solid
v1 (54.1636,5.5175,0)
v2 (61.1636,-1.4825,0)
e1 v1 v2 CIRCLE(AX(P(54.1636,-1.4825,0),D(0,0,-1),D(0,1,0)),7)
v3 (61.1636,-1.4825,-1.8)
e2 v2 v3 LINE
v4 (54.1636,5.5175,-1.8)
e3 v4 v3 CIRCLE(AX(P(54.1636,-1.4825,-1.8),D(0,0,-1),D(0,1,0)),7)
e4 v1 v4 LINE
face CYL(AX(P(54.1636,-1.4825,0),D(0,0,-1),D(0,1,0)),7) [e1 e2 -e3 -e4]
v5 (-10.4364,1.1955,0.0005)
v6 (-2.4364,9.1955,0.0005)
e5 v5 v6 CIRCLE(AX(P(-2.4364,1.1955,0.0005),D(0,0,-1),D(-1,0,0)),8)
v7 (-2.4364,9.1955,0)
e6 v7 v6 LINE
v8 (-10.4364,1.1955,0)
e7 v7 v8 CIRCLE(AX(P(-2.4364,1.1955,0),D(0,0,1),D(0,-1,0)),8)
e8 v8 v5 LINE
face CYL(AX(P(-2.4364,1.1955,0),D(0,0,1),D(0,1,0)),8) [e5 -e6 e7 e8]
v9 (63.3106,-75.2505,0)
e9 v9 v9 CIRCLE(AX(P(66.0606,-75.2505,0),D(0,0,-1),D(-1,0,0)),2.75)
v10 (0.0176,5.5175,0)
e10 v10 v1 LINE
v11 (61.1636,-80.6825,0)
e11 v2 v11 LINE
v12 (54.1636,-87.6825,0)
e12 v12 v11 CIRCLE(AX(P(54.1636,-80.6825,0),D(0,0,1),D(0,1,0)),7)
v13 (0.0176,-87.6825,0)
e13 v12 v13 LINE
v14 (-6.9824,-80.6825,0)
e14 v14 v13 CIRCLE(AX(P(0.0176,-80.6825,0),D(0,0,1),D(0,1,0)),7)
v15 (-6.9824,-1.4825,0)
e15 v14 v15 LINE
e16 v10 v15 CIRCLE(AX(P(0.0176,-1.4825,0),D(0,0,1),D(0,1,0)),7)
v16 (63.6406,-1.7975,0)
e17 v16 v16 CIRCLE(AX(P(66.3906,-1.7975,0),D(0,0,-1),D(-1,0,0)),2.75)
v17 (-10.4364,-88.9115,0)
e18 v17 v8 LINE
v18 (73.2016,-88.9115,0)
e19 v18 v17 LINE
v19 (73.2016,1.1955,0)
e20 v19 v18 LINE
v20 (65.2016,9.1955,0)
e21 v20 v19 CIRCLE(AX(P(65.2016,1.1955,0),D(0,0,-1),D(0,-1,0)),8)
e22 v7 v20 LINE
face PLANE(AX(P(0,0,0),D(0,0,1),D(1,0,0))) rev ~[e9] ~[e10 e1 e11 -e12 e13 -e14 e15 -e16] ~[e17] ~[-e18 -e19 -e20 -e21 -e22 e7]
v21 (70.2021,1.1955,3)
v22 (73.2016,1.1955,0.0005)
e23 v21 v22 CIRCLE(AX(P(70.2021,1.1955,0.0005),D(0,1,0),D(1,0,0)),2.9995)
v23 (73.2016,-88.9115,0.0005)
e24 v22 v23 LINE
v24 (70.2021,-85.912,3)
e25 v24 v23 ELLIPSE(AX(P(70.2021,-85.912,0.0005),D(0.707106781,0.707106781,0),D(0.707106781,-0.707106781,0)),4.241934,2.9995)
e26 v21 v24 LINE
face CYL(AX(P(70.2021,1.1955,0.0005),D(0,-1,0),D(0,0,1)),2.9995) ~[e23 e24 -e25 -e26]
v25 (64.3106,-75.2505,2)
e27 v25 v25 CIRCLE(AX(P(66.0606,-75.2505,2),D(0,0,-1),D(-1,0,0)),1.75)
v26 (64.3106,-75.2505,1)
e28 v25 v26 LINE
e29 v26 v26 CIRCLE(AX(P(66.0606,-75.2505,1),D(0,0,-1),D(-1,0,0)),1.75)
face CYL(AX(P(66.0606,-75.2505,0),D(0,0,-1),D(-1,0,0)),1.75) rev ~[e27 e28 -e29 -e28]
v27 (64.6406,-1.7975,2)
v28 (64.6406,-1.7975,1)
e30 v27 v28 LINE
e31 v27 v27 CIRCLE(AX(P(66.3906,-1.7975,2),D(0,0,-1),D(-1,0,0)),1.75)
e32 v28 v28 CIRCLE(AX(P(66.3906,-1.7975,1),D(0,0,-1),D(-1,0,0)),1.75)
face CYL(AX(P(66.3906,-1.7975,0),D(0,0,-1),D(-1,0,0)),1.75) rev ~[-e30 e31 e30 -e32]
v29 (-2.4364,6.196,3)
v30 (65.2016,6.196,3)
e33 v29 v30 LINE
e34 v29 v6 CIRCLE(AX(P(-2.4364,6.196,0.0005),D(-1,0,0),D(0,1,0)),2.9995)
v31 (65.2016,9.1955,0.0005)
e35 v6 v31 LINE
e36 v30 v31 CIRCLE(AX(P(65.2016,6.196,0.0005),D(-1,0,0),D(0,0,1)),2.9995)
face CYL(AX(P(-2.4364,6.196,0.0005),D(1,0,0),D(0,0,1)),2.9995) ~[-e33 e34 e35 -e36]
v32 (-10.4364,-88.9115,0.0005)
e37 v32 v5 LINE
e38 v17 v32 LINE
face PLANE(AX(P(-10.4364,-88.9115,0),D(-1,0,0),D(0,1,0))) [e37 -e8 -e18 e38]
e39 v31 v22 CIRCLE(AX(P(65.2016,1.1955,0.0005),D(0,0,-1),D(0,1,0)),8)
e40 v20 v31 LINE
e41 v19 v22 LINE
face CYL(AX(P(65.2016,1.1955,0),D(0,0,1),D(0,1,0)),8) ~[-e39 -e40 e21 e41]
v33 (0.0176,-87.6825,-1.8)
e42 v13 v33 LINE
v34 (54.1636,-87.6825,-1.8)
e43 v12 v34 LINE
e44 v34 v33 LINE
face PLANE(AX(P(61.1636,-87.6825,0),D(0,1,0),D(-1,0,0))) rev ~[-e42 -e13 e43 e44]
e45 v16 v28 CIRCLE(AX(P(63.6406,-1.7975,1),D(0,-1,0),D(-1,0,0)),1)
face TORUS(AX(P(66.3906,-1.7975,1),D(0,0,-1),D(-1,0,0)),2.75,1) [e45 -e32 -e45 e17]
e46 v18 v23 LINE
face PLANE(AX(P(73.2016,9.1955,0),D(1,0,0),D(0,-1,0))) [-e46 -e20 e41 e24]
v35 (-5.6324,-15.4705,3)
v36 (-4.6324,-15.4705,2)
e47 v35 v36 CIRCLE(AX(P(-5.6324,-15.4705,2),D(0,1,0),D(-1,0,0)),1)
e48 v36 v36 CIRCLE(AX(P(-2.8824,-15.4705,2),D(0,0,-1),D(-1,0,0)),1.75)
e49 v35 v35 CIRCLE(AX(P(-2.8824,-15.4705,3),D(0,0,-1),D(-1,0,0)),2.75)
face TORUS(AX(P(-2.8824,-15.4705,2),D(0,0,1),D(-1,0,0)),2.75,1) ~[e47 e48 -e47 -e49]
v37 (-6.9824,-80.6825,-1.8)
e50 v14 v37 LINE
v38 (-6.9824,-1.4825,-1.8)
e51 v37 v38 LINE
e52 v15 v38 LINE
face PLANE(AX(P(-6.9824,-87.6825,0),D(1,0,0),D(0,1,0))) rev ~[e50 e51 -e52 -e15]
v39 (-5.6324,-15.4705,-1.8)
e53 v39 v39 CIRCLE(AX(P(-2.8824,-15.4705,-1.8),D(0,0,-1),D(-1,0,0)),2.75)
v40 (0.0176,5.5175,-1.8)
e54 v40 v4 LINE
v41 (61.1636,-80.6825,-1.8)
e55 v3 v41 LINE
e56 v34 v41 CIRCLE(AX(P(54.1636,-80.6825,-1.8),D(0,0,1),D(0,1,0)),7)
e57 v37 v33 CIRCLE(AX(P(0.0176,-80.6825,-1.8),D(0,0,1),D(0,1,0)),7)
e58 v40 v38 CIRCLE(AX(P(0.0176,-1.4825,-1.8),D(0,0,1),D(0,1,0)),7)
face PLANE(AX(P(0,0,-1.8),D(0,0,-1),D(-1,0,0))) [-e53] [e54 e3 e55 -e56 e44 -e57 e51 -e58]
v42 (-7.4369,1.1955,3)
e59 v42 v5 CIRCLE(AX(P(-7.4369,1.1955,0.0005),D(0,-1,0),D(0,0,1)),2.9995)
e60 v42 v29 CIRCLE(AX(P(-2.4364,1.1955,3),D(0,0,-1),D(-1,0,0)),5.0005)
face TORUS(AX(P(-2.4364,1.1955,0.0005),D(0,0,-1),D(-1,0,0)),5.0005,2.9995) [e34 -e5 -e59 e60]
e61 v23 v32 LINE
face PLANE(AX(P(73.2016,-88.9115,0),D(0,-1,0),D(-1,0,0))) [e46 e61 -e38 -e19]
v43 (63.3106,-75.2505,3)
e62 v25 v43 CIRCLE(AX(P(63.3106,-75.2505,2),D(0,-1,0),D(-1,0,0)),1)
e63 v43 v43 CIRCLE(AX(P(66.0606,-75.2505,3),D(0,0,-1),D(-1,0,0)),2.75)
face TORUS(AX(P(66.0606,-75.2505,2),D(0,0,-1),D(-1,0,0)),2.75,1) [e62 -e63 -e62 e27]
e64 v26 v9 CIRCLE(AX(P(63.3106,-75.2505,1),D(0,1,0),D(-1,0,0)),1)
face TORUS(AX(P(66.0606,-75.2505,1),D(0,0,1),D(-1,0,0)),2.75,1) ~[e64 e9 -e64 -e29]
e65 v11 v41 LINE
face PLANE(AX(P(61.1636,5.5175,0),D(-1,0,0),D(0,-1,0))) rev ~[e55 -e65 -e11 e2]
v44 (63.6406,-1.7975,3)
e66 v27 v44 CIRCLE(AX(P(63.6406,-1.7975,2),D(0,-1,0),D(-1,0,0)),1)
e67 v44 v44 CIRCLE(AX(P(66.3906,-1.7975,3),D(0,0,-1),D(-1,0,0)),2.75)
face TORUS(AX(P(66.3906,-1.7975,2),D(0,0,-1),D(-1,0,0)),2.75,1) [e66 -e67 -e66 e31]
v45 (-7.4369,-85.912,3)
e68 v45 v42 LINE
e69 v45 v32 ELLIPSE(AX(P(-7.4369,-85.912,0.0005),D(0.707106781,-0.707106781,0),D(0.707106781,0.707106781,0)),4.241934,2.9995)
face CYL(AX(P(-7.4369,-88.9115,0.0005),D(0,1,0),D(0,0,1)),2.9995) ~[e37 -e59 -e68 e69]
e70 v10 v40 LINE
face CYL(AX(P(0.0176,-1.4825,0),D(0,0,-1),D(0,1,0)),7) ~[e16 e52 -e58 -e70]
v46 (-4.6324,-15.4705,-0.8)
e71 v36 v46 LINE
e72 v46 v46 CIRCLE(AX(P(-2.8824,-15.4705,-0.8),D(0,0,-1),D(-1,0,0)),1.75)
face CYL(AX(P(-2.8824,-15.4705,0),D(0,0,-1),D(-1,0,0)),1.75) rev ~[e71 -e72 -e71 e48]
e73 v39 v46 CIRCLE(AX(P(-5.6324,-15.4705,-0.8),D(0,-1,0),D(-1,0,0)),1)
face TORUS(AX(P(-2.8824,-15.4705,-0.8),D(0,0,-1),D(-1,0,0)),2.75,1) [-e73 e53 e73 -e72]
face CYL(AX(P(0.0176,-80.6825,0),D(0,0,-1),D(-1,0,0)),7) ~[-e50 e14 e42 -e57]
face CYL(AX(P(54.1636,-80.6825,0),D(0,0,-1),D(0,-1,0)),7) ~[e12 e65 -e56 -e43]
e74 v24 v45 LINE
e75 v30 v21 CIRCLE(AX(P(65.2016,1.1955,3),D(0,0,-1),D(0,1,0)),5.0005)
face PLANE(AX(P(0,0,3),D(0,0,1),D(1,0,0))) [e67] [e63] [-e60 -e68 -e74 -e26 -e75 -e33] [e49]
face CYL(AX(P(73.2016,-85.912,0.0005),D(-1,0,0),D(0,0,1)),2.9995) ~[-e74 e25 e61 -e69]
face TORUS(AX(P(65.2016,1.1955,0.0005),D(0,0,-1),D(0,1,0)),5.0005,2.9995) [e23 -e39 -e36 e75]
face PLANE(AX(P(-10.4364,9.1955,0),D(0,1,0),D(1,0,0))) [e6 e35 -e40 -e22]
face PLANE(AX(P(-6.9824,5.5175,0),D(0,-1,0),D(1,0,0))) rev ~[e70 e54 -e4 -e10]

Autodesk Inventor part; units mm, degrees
ref_plane "YZ Plane" through (0, 0, 0) normal (1, 0, 0) x (0, 1, 0)
ref_plane "XZ Plane" through (0, 0, 0) normal (0, 1, 0) x (-1, 0, 0)
ref_plane "XY Plane" through (0, 0, 0) normal (0, 0, 1) x (1, 0, 0)
sketch "Esboço1" plane through (0, 0, 0) normal (0, 0, 1) x (1, 0, 0)
  line L0 (-10.4364, 9.1955) -> (73.2016, 9.1955)
  line L1 (73.2016, 9.1955) -> (73.2016, -88.9115)
  line L2 (73.2016, -88.9115) -> (-10.4364, -88.9115)
  line L3 (-10.4364, -88.9115) -> (-10.4364, 9.1955)
  point P0 (0, 0)
  dimension "d0" = 83.638
  dimension "d1" = 98.107
extrude "Extrusão1" add sketch "Esboço1" along normal blind 3
fillet "Arredondamento1" radius 8 2 edges at (73.2016, 9.1955, 1.5) (-10.4364, 9.1955, 1.5)
sketch "Esboço2" plane through (0, 0, 0) normal (0, 0, -1) x (-1, 0, 0)
  line L0 (-61.1636, -87.6825) -> (6.9824, -87.6825)
  line L1 (6.9824, -87.6825) -> (6.9824, 5.5175)
  line L2 (6.9824, 5.5175) -> (-61.1636, 5.5175)
  line L3 (-61.1636, 5.5175) -> (-61.1636, -87.6825)
  line L4 (2.4364, 9.1955) -> (-65.2016, 9.1955) projected
  line L5 (10.4364, -88.9115) -> (10.4364, 1.1955) projected
  line L6 (-73.2016, -88.9115) -> (10.4364, -88.9115) projected
  point P0 (0, 0)
  dimension "d11" = 68.146
  dimension "d12" = 93.2
  dimension "d14" = 3.454
  dimension "d18" = 1.229
extrude "Extrusão2" add sketch "Esboço2" along normal blind 1.8
fillet "Arredondamento2" radius 7 4 edges at (-6.9824, 5.5175, -0.9) (61.1636, 5.5175, -0.9) (-6.9824, -87.6825, -0.9) (61.1636, -87.6825, -0.9)
sketch "Esboço3" plane through (0, 0, 0) normal (0, 0, -1) x (-1, 0, 0)
  circle A0 centre (-66.3906, -1.7975) radius 1.75
  circle A1 centre (-66.0606, -75.2505) radius 1.75
  circle A2 centre (2.8824, -15.4705) radius 1.75
  line L0 (2.4364, 9.1955) -> (-65.2016, 9.1955) projected
  line L1 (10.4364, -88.9115) -> (10.4364, 1.1955) projected
  line L2 (-73.2016, 1.1955) -> (-73.2016, -88.9115) projected
  line L3 (-73.2016, -88.9115) -> (10.4364, -88.9115) projected
  point P0 (0, 0)
  dimension "d19" = 3.5
  dimension "d20" = 3.5
  dimension "d21" = 3.5
  dimension "d22" = 24.666
  dimension "d23" = 7.554
  dimension "d24" = 6.811
  dimension "d25" = 10.993
  dimension "d26" = 13.661
  dimension "d27" = 7.141
extrude "Extrusão3" cut sketch "Esboço3" against normal blind 4 and the other way blind 4
fillet "Arredondamento3" radius 1 3 edges at (68.1406, -1.7975, 3) (67.8106, -75.2505, 3) (-1.1324, -15.4705, 3)
fillet "Arredondamento4" radius 1 3 edges at (-1.1324, -15.4705, -1.8) (68.1406, -1.7975, 0) (67.8106, -75.2505, 0)
fillet "Arredondamento5" radius 3 6 edges at (-10.4364, -43.858, 3) (-8.0933, 6.8523, 3) (31.3826, 9.1955, 3) (70.8584, 6.8523, 3) (73.2016, -43.858, 3) (31.3826, -88.9115, 3)
properties part number "Tampa frente Cartucho MS - 11-05-2016"
